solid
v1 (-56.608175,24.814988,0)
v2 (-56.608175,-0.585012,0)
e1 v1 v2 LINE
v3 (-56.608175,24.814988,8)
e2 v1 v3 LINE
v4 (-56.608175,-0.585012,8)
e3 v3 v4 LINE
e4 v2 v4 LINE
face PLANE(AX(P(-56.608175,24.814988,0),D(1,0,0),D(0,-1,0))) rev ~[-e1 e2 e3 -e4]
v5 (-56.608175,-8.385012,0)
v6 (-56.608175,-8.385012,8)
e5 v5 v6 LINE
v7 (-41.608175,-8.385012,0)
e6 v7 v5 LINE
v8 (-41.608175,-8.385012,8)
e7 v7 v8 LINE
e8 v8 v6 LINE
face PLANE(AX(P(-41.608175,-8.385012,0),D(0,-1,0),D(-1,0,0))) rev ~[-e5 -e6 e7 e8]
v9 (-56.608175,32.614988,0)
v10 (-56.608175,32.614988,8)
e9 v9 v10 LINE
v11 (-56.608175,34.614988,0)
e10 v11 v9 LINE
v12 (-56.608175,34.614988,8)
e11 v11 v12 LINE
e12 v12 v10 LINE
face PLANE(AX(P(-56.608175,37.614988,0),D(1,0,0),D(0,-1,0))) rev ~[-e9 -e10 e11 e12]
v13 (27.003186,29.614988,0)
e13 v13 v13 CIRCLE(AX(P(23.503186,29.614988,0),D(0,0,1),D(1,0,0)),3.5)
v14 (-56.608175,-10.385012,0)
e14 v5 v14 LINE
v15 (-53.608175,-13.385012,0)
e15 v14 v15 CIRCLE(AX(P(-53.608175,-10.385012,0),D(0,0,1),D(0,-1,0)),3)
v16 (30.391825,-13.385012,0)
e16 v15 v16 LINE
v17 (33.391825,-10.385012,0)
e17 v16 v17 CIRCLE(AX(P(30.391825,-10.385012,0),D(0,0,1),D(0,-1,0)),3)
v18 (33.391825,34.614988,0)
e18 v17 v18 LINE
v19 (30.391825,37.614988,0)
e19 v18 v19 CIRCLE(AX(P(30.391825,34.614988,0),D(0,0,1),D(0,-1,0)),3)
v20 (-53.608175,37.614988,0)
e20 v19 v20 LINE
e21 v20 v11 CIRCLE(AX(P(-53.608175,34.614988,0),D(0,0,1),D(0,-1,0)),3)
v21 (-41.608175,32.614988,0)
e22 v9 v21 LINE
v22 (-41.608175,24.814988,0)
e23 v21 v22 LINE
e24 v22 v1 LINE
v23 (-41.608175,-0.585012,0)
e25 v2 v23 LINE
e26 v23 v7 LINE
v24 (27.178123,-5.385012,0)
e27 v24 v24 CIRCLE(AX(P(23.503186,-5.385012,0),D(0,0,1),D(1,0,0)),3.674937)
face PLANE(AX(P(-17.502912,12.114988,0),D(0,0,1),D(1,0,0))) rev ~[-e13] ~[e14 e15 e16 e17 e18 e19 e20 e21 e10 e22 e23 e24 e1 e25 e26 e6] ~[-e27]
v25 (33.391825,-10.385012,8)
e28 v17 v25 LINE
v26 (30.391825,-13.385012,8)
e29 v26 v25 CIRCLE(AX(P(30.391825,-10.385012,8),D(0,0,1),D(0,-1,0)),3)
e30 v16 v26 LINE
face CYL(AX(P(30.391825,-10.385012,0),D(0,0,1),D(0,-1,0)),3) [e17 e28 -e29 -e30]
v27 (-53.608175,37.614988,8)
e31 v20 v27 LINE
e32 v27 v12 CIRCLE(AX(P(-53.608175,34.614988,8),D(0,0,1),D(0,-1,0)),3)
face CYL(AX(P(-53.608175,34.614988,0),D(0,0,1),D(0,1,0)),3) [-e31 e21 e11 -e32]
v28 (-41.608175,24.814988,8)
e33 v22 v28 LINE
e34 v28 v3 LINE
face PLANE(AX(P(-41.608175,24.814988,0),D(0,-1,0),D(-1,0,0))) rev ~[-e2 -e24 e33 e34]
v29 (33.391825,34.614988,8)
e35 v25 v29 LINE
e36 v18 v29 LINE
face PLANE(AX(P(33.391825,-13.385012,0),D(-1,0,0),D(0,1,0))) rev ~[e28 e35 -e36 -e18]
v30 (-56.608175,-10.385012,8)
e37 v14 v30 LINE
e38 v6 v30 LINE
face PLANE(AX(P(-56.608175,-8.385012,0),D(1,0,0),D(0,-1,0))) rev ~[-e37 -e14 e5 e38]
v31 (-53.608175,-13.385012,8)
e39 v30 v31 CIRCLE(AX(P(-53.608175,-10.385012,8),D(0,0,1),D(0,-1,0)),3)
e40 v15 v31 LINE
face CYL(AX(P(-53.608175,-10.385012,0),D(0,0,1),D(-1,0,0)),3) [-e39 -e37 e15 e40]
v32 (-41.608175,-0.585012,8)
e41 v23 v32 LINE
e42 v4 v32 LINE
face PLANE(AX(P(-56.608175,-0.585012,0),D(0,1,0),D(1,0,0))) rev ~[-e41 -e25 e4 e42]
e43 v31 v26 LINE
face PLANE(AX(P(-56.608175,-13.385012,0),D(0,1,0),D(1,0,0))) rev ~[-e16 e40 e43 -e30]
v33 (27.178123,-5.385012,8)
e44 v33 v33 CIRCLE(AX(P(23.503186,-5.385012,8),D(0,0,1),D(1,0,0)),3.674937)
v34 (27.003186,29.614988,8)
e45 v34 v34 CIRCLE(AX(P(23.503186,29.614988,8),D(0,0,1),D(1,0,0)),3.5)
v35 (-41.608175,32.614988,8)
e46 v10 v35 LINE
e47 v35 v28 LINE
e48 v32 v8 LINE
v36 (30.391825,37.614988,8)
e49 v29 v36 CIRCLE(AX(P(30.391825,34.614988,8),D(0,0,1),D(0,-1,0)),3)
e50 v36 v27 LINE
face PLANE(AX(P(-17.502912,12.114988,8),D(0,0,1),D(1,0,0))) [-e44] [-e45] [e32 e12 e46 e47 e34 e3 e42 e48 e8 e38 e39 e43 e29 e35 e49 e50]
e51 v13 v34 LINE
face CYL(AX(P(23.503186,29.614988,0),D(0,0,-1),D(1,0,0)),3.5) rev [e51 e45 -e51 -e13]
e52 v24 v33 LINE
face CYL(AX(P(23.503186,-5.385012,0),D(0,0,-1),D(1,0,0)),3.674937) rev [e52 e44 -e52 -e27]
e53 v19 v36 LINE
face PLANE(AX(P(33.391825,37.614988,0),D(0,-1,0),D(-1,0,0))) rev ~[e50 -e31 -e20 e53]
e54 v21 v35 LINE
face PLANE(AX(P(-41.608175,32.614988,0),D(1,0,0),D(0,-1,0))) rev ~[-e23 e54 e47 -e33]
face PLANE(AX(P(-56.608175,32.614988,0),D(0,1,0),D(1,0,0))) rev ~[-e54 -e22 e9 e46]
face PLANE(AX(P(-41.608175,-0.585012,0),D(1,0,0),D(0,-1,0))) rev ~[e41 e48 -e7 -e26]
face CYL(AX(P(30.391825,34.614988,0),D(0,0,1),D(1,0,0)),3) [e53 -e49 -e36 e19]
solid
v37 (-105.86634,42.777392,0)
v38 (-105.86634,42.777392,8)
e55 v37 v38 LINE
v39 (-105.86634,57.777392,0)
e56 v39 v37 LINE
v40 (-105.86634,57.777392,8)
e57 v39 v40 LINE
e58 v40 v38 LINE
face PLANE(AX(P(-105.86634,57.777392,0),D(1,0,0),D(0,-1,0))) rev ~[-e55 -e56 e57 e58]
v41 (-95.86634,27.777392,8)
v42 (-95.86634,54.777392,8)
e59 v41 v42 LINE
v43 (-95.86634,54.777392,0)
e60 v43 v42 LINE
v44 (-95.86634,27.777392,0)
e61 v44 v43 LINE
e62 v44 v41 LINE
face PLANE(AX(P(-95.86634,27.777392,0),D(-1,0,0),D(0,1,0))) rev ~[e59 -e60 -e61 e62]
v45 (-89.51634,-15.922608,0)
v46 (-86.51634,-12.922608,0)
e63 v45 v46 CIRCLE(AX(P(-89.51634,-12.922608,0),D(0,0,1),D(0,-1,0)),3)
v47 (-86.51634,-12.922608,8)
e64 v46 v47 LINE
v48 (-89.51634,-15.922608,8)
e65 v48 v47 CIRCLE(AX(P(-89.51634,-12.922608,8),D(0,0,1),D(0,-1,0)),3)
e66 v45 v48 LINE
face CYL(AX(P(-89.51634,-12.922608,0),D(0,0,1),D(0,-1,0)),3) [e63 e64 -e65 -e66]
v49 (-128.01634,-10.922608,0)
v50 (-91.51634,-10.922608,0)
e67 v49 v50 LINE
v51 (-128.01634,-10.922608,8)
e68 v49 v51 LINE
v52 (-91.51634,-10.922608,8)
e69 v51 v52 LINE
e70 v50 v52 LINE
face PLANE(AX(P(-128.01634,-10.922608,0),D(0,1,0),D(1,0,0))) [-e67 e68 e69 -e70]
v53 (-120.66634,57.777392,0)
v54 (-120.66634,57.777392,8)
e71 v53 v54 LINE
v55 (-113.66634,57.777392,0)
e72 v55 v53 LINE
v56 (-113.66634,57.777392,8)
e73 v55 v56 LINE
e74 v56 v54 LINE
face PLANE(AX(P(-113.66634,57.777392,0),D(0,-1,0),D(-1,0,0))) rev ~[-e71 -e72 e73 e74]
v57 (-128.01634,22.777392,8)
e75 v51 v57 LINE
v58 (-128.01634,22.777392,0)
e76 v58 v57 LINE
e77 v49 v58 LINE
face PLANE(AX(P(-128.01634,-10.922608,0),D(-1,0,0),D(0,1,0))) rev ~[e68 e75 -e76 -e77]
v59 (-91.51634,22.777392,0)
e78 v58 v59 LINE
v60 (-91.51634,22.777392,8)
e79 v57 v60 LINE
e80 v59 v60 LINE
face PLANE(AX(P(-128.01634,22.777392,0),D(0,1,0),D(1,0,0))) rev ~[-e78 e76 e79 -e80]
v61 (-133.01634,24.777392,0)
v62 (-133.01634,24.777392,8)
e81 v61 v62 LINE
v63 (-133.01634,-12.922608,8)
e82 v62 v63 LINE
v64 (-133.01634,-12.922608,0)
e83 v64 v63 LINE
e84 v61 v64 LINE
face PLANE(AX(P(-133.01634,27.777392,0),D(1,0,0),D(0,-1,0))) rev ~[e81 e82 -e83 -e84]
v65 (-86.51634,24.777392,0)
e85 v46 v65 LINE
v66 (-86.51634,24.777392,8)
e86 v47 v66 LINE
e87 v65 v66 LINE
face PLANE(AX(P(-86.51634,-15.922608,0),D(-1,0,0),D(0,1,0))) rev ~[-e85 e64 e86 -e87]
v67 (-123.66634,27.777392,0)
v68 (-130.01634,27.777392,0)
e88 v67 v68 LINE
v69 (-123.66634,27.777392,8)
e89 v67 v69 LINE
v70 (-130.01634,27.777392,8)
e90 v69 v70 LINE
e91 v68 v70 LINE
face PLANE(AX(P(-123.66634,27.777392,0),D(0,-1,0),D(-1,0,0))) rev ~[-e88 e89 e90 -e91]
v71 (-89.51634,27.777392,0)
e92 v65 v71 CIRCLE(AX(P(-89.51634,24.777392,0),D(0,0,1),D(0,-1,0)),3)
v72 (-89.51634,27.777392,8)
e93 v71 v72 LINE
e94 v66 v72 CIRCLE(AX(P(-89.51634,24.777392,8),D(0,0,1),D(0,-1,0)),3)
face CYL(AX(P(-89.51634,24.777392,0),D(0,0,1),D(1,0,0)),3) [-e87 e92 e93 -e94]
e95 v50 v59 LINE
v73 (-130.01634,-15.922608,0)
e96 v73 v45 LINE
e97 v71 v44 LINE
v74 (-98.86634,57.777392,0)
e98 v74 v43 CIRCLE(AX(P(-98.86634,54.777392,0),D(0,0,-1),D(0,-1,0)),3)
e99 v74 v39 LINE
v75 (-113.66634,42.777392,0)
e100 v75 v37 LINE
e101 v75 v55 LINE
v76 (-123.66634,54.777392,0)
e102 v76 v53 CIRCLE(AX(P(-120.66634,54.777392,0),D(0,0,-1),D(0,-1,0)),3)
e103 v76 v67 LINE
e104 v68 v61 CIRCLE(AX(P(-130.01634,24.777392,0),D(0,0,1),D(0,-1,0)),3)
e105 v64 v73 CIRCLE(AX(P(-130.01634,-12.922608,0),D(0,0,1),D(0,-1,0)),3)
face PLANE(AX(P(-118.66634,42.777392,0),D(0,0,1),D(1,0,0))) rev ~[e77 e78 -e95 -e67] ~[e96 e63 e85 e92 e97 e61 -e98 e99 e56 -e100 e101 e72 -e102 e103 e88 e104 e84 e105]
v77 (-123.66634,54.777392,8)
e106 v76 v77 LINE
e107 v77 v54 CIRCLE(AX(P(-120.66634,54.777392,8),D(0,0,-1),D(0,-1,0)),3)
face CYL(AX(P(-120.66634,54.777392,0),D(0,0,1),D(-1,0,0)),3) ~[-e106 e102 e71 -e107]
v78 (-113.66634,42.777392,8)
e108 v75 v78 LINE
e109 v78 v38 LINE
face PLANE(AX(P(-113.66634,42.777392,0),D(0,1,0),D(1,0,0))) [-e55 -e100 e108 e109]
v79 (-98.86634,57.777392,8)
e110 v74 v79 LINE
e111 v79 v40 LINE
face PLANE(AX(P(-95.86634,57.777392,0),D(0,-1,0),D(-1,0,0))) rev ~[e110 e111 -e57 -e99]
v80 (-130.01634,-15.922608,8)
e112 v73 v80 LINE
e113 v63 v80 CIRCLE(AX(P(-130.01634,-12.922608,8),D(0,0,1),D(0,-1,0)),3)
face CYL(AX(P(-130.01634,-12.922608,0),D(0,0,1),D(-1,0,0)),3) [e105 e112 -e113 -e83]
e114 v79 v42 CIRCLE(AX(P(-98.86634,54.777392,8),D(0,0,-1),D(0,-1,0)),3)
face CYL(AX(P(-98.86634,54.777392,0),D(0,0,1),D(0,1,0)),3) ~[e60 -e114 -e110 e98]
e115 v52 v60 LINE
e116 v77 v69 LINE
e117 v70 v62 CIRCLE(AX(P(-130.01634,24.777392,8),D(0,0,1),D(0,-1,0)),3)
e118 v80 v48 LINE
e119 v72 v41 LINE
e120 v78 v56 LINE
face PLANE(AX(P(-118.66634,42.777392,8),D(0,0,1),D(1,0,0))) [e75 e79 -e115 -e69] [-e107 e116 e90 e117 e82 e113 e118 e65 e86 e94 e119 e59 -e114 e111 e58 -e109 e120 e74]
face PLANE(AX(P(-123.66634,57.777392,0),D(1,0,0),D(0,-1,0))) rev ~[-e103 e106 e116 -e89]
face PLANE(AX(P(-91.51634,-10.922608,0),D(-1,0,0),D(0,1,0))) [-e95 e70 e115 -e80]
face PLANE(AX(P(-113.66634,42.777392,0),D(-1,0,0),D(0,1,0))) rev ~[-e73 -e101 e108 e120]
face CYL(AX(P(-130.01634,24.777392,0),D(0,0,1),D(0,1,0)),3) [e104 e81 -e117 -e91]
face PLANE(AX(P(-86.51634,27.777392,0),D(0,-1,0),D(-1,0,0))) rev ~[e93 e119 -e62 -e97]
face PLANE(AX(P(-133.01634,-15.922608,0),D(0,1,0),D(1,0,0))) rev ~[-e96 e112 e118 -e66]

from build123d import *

# Parameters (mm, degrees)
F0_R     = 3.674937
F0_R_2   = 3.5
F1_DEPTH = 8
F0_W     = 7.8
F0_H     = 15
F0_W_2   = 36.5
F0_H_2   = 33.7
F2_DEPTH = 8
F3_R     = 3
F3_2_R   = 3


with BuildPart() as f1:
    # F0 (on Top) → F1 (new body)
    with BuildSketch(Plane.XY):
        Polygon((-56.608175, -8.385012), (-56.608175, -13.385012), (33.391825, -13.385012), (33.391825, 37.614988), (-56.608175, 37.614988), (-56.608175, 32.614988), (-41.608175, 32.614988), (-41.608175, 24.814988), (-56.608175, 24.814988), (-56.608175, -0.585012), (-41.608175, -0.585012), (-41.608175, -8.385012), align=None)
        with Locations((23.503186, -5.385012)):
            Circle(F0_R, mode=Mode.SUBTRACT)
        with Locations((23.503186, 29.614988)):
            Circle(F0_R_2, mode=Mode.SUBTRACT)
    extrude(amount=F1_DEPTH)

    # F3#2
    f3_2_edges = [f1.edges().sort_by_distance(p)[0] for p in [
        (33.391825, -13.385012, 4),
        (33.391825, 37.614988, 4),
        (-56.608175, -13.385012, 4),
        (-56.608175, 37.614988, 4),
    ]]
    fillet(f3_2_edges, radius=F3_2_R)


with BuildPart() as f2:
    # F0 (on Top) → F2 (new body)
    with BuildSketch(Plane.XY):
        Polygon((-123.66634, 57.777392), (-123.66634, 27.777392), (-113.66634, 27.777392), (-113.66634, 42.777392), (-113.66634, 57.777392), align=None)
        with Locations((-109.76634, 35.277392)):
            Rectangle(F0_W, F0_H)
        Polygon((-105.86634, 27.777392), (-95.86634, 27.777392), (-95.86634, 57.777392), (-105.86634, 57.777392), (-105.86634, 42.777392), align=None)
        Polygon((-133.01634, 27.777392), (-133.01634, -15.922608), (-86.51634, -15.922608), (-86.51634, 27.777392), (-95.86634, 27.777392), (-105.86634, 27.777392), (-113.66634, 27.777392), (-123.66634, 27.777392), align=None)
        with Locations((-109.76634, 5.927392)):
            Rectangle(F0_W_2, F0_H_2, mode=Mode.SUBTRACT)
    extrude(amount=F2_DEPTH)

    # F3
    f3_edges = [f2.edges().sort_by_distance(p)[0] for p in [
        (-133.01634, -15.922608, 4),
        (-86.51634, -15.922608, 4),
        (-86.51634, 27.777392, 4),
        (-133.01634, 27.777392, 4),
        (-95.86634, 57.777392, 4),
        (-123.66634, 57.777392, 4),
    ]]
    fillet(f3_edges, radius=F3_R)


solid = Compound([f1.part, f2.part])
